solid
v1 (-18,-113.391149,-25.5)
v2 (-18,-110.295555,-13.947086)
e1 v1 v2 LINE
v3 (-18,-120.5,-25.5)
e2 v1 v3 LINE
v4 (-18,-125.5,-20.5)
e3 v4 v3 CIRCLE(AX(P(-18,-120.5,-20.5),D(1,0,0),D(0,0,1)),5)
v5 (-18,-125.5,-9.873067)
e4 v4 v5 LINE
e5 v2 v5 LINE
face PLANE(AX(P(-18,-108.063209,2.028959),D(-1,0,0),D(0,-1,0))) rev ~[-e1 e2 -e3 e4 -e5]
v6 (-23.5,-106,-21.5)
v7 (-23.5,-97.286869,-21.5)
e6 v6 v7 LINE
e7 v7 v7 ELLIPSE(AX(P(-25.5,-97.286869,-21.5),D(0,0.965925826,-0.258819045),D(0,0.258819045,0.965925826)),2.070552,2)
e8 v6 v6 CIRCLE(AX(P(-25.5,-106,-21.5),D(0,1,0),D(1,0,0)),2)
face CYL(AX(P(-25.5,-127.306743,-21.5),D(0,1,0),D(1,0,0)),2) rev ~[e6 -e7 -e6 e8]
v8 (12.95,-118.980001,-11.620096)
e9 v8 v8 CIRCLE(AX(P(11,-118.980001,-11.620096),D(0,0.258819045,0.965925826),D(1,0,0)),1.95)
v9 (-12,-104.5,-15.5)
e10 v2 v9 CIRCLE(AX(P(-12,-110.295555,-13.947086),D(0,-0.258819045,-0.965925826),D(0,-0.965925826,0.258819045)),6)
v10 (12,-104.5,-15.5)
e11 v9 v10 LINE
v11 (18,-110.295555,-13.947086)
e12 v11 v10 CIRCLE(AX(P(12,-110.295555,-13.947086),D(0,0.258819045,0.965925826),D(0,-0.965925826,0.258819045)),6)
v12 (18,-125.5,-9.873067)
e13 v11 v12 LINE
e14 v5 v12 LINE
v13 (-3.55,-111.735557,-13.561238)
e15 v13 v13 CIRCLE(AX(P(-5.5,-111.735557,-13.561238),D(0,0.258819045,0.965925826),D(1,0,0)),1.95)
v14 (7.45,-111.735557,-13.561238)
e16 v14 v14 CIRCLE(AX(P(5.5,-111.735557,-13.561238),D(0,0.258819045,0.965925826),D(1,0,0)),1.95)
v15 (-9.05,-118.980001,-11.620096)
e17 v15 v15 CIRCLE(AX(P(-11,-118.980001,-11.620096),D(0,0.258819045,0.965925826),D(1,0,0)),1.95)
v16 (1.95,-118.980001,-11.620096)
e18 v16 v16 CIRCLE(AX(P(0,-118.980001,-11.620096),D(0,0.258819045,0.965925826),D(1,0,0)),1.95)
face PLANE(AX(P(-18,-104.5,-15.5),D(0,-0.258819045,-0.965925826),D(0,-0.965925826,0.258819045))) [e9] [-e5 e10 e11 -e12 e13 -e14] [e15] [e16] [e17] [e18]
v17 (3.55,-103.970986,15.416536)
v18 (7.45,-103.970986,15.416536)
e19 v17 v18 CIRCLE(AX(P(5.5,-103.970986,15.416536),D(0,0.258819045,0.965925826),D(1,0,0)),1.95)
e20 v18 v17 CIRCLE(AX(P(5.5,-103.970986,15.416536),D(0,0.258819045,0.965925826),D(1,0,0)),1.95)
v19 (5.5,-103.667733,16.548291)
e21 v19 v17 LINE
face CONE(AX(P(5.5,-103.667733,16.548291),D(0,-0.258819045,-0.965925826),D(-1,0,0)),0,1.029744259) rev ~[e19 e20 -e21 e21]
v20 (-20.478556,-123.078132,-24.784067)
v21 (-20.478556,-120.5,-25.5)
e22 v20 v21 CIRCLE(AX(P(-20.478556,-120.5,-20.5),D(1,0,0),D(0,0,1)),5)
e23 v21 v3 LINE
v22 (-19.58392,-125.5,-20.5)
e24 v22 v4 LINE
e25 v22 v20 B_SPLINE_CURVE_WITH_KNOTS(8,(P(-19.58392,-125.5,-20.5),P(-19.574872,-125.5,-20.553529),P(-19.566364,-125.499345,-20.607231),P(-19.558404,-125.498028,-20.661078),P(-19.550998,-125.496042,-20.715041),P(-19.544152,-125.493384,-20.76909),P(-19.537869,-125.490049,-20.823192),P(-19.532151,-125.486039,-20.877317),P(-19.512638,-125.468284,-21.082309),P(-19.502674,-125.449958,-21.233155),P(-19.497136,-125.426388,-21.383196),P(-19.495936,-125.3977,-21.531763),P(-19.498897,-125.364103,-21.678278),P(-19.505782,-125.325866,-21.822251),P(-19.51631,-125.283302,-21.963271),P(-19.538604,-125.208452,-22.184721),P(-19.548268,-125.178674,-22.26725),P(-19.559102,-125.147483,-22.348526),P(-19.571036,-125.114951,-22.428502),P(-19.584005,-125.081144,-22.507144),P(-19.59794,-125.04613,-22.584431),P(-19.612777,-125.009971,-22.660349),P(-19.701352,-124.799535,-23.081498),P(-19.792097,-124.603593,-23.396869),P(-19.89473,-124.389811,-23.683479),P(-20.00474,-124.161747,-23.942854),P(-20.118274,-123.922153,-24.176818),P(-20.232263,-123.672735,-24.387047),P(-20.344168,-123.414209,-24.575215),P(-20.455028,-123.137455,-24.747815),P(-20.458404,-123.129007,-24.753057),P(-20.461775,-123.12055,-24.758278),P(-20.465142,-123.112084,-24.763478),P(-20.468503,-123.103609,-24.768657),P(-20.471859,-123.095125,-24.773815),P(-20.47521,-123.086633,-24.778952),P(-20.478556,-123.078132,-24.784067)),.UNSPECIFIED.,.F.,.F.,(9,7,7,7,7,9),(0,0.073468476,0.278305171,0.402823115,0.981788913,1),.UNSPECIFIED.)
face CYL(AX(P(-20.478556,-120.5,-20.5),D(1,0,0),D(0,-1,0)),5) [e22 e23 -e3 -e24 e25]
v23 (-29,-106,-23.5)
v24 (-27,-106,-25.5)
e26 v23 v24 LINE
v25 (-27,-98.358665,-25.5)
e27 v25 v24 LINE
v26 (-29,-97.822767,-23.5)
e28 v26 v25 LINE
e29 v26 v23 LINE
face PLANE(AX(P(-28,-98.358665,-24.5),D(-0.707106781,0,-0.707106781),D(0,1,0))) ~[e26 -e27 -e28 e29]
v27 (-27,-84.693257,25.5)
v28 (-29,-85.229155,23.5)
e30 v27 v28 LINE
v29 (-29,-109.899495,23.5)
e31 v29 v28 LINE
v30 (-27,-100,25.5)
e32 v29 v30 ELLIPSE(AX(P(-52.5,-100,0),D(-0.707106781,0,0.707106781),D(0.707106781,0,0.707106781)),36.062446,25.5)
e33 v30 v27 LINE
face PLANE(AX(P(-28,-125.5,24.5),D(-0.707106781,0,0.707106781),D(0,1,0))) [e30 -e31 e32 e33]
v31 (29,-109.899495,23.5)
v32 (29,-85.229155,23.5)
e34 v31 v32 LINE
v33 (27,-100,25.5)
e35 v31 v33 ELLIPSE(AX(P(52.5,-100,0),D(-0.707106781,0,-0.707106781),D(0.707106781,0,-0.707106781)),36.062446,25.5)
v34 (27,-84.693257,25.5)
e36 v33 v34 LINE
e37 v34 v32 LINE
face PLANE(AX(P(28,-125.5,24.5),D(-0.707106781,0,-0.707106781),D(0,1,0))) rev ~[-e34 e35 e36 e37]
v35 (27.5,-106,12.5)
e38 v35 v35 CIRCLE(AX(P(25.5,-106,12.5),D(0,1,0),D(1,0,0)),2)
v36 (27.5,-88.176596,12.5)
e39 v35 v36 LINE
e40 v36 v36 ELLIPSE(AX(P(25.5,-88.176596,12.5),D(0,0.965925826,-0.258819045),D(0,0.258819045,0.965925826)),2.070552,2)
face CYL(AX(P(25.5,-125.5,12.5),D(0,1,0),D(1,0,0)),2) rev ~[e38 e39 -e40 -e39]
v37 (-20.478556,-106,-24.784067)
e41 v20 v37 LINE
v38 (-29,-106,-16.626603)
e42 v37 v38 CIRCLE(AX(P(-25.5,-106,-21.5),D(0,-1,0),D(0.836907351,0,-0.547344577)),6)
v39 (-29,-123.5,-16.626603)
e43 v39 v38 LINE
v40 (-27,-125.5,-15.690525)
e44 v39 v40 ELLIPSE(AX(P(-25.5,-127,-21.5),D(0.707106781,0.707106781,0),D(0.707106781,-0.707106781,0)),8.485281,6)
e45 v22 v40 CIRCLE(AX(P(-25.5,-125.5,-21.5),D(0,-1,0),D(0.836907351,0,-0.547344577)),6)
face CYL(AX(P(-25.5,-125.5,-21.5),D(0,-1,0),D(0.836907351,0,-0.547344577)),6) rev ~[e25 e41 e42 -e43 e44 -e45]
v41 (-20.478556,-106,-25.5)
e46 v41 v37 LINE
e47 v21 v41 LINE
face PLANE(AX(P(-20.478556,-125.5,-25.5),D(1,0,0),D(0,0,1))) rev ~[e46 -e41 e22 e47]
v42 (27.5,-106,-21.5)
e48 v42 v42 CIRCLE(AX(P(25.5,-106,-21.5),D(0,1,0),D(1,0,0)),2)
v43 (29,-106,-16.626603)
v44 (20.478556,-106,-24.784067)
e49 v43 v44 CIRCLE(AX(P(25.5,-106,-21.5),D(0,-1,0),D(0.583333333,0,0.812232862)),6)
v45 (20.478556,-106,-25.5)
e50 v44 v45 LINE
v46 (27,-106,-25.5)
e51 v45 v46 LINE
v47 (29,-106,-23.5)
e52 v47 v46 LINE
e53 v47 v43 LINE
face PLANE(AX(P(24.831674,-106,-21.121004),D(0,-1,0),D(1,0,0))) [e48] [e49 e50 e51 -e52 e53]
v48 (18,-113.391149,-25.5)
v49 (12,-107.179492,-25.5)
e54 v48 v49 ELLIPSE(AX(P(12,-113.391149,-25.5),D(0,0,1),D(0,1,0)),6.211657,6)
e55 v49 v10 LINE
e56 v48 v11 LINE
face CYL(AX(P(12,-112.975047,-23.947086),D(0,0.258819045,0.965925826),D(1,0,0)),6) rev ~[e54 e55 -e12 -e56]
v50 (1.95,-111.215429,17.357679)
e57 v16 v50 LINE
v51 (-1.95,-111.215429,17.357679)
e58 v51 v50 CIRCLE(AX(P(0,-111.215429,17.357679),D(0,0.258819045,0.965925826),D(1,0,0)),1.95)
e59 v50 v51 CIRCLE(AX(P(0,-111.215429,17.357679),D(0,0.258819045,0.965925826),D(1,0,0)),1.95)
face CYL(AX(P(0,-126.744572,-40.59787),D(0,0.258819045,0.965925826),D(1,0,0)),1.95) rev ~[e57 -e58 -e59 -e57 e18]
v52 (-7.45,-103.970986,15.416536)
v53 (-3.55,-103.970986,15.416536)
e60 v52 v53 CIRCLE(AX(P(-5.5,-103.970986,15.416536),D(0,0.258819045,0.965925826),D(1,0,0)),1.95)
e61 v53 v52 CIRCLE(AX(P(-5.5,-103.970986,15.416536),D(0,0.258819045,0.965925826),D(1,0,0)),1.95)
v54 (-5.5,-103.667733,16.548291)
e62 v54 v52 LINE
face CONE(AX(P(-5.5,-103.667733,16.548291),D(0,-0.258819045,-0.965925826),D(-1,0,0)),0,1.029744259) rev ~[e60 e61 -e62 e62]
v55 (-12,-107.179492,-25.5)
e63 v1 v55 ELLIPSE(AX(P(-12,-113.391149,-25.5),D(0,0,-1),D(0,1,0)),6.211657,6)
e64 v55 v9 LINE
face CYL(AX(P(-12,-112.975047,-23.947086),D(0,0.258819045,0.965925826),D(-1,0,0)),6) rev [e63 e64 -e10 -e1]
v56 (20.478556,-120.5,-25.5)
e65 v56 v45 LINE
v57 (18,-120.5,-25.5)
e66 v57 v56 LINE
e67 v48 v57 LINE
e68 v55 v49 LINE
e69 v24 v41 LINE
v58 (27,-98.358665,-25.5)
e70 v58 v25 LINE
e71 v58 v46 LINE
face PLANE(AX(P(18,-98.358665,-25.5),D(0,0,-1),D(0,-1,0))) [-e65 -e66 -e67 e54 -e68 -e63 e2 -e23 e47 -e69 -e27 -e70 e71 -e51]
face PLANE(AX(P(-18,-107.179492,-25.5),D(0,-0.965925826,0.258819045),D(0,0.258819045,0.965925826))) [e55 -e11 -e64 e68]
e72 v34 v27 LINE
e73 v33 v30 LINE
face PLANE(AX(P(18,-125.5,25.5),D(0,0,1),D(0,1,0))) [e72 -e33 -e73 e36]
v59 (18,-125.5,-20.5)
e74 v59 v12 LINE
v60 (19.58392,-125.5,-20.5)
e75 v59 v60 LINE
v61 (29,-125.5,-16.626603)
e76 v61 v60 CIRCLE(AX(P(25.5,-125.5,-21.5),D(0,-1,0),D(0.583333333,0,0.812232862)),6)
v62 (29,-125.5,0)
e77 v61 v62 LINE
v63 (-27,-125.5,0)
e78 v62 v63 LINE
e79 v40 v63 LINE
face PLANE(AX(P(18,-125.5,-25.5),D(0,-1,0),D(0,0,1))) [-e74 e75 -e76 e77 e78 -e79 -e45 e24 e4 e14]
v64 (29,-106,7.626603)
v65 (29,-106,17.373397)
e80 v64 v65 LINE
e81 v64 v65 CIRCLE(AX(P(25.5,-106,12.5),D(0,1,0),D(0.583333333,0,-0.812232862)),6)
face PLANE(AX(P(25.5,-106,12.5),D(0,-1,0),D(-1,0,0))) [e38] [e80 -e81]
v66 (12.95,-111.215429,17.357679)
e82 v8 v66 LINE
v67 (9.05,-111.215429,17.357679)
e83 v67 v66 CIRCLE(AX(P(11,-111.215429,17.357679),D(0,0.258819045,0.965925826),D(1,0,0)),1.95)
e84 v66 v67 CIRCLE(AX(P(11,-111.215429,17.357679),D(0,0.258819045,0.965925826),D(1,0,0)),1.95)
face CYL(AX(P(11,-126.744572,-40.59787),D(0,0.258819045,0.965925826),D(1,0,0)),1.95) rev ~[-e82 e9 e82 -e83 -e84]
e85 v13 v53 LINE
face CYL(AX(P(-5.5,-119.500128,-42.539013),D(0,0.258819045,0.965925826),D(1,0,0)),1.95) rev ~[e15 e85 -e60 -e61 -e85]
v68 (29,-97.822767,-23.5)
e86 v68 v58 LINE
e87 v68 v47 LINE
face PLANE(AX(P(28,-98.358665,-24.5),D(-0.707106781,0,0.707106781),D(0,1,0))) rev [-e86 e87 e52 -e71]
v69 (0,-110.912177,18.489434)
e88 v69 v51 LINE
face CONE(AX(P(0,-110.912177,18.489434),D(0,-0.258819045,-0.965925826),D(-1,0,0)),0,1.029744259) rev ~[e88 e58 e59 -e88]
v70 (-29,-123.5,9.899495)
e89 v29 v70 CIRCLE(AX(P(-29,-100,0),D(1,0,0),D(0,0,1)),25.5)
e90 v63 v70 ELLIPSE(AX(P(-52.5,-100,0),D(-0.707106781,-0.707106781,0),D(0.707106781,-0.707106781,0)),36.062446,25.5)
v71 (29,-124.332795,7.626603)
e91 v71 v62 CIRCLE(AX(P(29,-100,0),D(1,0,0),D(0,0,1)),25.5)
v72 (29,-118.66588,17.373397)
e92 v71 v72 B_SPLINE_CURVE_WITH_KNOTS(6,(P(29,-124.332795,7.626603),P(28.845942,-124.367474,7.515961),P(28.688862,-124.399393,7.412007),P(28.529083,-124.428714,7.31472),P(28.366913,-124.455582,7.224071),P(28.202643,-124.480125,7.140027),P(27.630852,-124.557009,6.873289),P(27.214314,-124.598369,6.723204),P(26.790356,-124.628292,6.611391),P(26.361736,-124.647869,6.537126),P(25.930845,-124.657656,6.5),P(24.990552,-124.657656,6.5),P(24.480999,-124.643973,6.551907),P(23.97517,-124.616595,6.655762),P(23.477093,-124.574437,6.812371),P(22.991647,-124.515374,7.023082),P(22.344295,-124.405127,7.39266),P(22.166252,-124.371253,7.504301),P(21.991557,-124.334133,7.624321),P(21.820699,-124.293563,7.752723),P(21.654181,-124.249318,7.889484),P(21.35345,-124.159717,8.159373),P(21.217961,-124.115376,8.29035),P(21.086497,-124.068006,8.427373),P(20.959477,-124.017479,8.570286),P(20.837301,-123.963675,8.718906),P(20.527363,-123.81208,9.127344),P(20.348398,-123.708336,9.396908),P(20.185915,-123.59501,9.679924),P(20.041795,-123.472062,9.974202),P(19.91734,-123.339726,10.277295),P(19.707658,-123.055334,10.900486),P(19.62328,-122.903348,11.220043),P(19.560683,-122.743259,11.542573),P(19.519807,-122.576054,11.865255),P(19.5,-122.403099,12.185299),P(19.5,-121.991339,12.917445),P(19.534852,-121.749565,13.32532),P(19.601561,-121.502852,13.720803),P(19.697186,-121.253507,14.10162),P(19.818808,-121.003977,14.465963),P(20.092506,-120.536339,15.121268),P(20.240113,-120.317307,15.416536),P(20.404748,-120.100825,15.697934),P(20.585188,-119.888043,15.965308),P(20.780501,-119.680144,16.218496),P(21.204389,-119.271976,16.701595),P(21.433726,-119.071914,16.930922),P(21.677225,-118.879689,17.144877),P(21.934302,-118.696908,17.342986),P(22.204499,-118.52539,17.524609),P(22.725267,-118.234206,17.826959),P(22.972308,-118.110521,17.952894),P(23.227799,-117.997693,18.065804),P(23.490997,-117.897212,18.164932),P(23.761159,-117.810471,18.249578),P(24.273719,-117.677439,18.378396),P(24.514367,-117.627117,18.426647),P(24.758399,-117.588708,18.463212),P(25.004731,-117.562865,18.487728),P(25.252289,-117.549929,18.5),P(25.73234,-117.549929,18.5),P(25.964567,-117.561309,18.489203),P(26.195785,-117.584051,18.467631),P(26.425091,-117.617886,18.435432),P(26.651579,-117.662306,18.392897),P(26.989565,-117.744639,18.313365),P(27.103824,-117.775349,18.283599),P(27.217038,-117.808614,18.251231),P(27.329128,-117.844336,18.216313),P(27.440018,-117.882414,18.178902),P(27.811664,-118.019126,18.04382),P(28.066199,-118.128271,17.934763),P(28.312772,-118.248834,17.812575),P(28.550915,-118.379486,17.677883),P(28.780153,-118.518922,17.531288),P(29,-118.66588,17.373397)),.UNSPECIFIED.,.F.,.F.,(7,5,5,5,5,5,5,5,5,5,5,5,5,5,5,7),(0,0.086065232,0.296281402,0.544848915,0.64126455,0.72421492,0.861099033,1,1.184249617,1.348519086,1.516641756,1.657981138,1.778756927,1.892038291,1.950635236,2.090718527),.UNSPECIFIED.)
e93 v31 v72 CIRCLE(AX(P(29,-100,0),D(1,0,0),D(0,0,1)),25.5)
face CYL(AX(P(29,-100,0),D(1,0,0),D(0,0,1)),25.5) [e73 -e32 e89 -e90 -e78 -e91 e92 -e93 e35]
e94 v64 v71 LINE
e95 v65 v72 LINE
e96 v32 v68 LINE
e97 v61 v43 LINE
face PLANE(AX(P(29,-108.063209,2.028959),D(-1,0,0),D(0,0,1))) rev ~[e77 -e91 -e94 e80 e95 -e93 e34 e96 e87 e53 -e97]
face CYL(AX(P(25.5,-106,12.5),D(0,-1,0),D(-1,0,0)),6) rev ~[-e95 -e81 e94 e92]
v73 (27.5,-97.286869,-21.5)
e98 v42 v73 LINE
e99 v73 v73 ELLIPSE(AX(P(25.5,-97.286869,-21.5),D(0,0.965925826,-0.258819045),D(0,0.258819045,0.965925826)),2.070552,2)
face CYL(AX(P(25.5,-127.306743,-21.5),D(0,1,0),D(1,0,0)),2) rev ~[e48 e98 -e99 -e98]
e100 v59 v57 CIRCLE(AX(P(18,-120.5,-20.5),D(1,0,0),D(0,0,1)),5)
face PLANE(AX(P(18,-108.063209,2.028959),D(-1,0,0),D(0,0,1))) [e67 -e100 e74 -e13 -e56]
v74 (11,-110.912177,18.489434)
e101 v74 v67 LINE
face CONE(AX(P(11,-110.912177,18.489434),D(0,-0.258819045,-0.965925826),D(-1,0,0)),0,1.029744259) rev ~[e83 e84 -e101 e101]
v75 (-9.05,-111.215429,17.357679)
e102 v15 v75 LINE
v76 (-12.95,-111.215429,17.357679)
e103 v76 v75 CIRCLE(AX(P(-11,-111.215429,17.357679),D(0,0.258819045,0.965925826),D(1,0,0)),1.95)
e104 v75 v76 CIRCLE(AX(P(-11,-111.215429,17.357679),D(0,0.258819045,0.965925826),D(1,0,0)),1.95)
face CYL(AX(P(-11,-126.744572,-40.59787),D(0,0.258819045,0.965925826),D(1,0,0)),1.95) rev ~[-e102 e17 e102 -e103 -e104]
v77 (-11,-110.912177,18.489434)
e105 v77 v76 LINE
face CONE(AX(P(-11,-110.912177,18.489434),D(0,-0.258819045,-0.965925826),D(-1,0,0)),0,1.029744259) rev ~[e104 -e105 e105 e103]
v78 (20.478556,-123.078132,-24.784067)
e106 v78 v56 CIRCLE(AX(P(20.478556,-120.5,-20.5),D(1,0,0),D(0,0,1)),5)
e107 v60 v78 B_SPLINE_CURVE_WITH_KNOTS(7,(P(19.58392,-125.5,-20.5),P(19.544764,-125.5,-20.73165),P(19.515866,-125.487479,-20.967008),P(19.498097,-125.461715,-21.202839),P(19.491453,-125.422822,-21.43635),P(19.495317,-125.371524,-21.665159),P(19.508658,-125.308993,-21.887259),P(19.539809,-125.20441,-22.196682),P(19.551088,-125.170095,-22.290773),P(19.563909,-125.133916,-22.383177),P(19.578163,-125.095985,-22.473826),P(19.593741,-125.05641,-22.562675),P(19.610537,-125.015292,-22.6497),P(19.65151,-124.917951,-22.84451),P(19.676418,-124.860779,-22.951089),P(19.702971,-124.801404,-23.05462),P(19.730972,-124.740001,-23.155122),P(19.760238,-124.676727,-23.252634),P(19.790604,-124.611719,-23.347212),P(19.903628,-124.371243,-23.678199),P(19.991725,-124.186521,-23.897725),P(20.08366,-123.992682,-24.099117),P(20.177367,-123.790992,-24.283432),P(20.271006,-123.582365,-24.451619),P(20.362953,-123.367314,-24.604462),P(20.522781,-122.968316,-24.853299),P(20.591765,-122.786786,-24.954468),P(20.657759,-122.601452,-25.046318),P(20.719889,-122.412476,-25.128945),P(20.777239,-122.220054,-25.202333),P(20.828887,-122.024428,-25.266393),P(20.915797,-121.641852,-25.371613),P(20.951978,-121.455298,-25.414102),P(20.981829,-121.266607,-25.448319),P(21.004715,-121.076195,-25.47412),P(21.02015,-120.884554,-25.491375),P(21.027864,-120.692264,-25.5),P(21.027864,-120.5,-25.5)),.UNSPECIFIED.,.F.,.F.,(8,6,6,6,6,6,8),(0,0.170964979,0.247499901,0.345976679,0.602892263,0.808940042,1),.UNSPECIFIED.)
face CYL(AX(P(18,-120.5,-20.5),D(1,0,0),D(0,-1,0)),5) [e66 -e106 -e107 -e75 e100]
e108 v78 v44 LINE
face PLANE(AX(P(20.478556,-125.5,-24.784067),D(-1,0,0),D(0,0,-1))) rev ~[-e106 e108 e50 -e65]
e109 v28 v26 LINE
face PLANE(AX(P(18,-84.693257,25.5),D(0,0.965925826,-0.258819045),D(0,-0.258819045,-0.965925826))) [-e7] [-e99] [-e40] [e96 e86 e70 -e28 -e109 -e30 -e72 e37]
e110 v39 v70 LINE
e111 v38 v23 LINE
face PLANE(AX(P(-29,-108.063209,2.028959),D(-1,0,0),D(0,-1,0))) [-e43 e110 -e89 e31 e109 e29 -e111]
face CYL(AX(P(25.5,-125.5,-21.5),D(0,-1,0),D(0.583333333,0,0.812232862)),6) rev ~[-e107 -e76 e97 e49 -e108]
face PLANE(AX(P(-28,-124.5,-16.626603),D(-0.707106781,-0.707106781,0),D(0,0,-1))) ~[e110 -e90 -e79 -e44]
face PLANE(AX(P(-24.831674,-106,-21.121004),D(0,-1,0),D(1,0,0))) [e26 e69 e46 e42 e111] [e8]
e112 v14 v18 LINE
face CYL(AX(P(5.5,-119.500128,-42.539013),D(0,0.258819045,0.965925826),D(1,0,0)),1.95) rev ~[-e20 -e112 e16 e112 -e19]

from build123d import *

# Parameters (mm, degrees)
BOSS_EXTRUDE1_DEPTH                                = 11
BOSS_EXTRUDE2_DEPTH                                = 36
BOSS_EXTRUDE3_DEPTH                                = 11
CUT_EXTRUDE1_DEPTH                                 = 19.5
CUT_EXTRUDE2_DEPTH                                 = 19.5
F_3_9_3_9_DIAMETER_HOLE1_D                         = 3.9
F_3_9_3_9_DIAMETER_HOLE1_DEPTH                     = 30
F_3_9_3_9_DIAMETER_HOLE1_TIP                       = 1.171678207
CBORE_FOR_M3_5_HEX_HEAD_MACHINE_SCREW1_D           = 4
CBORE_FOR_M3_5_HEX_HEAD_MACHINE_SCREW1_DEPTH       = 40.80674334
CBORE_FOR_M3_5_HEX_HEAD_MACHINE_SCREW1_CBORE_D     = 12
CBORE_FOR_M3_5_HEX_HEAD_MACHINE_SCREW1_CBORE_DEPTH = 19.5
F_4_0_4_DIAMETER_HOLE1_D                           = 4
F_4_0_4_DIAMETER_HOLE1_DEPTH                       = 21.30674334
CHAMFER1_SIZE                                      = 2
FILLET4_R                                          = 5
FILLET5_R                                          = 6
CUT_EXTRUDE3_DEPTH                                 = 141.586272594


with BuildPart() as part:
    # Sketch1 → Boss-Extrude1 (new body)
    with BuildSketch(Plane(origin=(-29, 0, 0), x_dir=(0, -1, 0), z_dir=(-1, 0, 0))):
        Polygon((125.5, 25.5), (84.69325666, 25.5), (98.358665474, -25.5), (125.5, -25.5), align=None)
    extrude(amount=-BOSS_EXTRUDE1_DEPTH)

    # Sketch2 → Boss-Extrude2 (add)
    with BuildSketch(Plane(origin=(-18, 0, 0), x_dir=(0, 0, -1), z_dir=(1, 0, 0))):
        Polygon((25.5, -107.179491924), (15.5, -104.5), (9.873066959, -125.5), (-25.5, -125.5), (-25.5, -84.69325666), (25.5, -98.358665474), align=None)
    extrude(amount=BOSS_EXTRUDE2_DEPTH)

    # Sketch3 → Boss-Extrude3 (add)
    with BuildSketch(Plane(origin=(18, 0, 0), x_dir=(0, 0, -1), z_dir=(1, 0, 0))):
        Polygon((-25.5, -125.5), (-25.5, -84.69325666), (25.5, -98.358665474), (25.5, -125.5), align=None)
    extrude(amount=BOSS_EXTRUDE3_DEPTH)

    # Sketch4 → Cut-Extrude1 (cut)
    with BuildSketch(Plane.XZ.offset(125.5)):
        with BuildLine():
            Line((29, -25.5), (29, -16.626602828))
            ThreePointArc((29, -16.626602828), (21.350933194, -17.165805191), (20.478555895, -24.784067463))
            Line((20.478555895, -24.784067463), (20.478555895, -25.5))
            Line((20.478555895, -25.5), (29, -25.5))
        make_face()
    extrude(amount=-CUT_EXTRUDE1_DEPTH, mode=Mode.SUBTRACT)

    # Sketch5 → Cut-Extrude2 (cut)
    with BuildSketch(Plane.XZ.offset(125.5)):
        with BuildLine():
            Line((-20.478555895, -25.5), (-20.478555895, -24.784067463))
            ThreePointArc((-20.478555895, -24.784067463), (-21.350933194, -17.165805191), (-29, -16.626602828))
            Line((-29, -16.626602828), (-29, -25.5))
            Line((-29, -25.5), (-20.478555895, -25.5))
        make_face()
    extrude(amount=-CUT_EXTRUDE2_DEPTH, mode=Mode.SUBTRACT)

    # Ø3.9 (3.9) Diameter Hole1
    with Locations(Plane(origin=(0, -10.875172652, -40.586696879), x_dir=(-1, 0, 0), z_dir=(0, -0.25881904510251963, -0.9659258262890685))):
        with Locations((0, -111.918353437), (-11, -111.918353437), (-5.5, -104.418353437), (5.5, -104.418353437), (11, -111.918353437)):
            Hole(F_3_9_3_9_DIAMETER_HOLE1_D / 2, depth=F_3_9_3_9_DIAMETER_HOLE1_DEPTH)
            with Locations((0, 0, -(F_3_9_3_9_DIAMETER_HOLE1_DEPTH + F_3_9_3_9_DIAMETER_HOLE1_TIP / 2))):  # 118° drill point
                Cone(0, F_3_9_3_9_DIAMETER_HOLE1_D / 2, F_3_9_3_9_DIAMETER_HOLE1_TIP, mode=Mode.SUBTRACT)

    # CBORE for M3.5 Hex Head Machine Screw1
    with Locations(Plane(origin=(0, -125.5, 0), x_dir=(-1, 0, 0), z_dir=(0, -1, 0))):
        with Locations((-25.5, -12.5)):
            CounterBoreHole(CBORE_FOR_M3_5_HEX_HEAD_MACHINE_SCREW1_D / 2, CBORE_FOR_M3_5_HEX_HEAD_MACHINE_SCREW1_CBORE_D / 2, CBORE_FOR_M3_5_HEX_HEAD_MACHINE_SCREW1_CBORE_DEPTH, depth=CBORE_FOR_M3_5_HEX_HEAD_MACHINE_SCREW1_DEPTH)

    # Ø4.0 (4) Diameter Hole1
    with Locations(Plane(origin=(0, -106, 0), x_dir=(-1, 0, 0), z_dir=(0, -1, 0))):
        with Locations((25.5, 21.5), (-25.5, 21.5)):
            Hole(F_4_0_4_DIAMETER_HOLE1_D / 2, depth=F_4_0_4_DIAMETER_HOLE1_DEPTH)

    # Chamfer1
    chamfer1_edges = [part.edges().sort_by_distance(p)[0] for p in [
        (29, -105.09662833, 25.5),
        (29, -102.179332737, -25.5),
        (-29, -102.179332737, -25.5),
        (-29, -105.09662833, 25.5),
        (-29, -125.5, 4.436698586),
    ]]
    chamfer(chamfer1_edges, length=CHAMFER1_SIZE)

    # Fillet4
    fillet4_edges = [part.edges().sort_by_distance(p)[0] for p in [
        (19.239277947, -125.5, -25.5),
        (-19.239277947, -125.5, -25.5),
    ]]
    fillet(fillet4_edges, radius=FILLET4_R)

    # Fillet5
    fillet5_edges = [part.edges().sort_by_distance(p)[0] for p in [
        (-18, -105.839745962, -20.5),
        (18, -105.839745962, -20.5),
    ]]
    fillet(fillet5_edges, radius=FILLET5_R)

    # Sketch12 → Cut-Extrude3 (cut, through all)
    with BuildSketch(Plane(origin=(29, 0, 0), x_dir=(0, 0, -1), z_dir=(1, 0, 0))):
        with BuildLine():
            Line((0, -125.5), (-25.5, -125.5))
            Line((-25.5, -125.5), (-25.5, -100))
            ThreePointArc((-25.5, -100), (-18.03122292, -118.03122292), (0, -125.5))
        make_face()
    extrude(amount=-CUT_EXTRUDE3_DEPTH, mode=Mode.SUBTRACT)


solid = part.part
